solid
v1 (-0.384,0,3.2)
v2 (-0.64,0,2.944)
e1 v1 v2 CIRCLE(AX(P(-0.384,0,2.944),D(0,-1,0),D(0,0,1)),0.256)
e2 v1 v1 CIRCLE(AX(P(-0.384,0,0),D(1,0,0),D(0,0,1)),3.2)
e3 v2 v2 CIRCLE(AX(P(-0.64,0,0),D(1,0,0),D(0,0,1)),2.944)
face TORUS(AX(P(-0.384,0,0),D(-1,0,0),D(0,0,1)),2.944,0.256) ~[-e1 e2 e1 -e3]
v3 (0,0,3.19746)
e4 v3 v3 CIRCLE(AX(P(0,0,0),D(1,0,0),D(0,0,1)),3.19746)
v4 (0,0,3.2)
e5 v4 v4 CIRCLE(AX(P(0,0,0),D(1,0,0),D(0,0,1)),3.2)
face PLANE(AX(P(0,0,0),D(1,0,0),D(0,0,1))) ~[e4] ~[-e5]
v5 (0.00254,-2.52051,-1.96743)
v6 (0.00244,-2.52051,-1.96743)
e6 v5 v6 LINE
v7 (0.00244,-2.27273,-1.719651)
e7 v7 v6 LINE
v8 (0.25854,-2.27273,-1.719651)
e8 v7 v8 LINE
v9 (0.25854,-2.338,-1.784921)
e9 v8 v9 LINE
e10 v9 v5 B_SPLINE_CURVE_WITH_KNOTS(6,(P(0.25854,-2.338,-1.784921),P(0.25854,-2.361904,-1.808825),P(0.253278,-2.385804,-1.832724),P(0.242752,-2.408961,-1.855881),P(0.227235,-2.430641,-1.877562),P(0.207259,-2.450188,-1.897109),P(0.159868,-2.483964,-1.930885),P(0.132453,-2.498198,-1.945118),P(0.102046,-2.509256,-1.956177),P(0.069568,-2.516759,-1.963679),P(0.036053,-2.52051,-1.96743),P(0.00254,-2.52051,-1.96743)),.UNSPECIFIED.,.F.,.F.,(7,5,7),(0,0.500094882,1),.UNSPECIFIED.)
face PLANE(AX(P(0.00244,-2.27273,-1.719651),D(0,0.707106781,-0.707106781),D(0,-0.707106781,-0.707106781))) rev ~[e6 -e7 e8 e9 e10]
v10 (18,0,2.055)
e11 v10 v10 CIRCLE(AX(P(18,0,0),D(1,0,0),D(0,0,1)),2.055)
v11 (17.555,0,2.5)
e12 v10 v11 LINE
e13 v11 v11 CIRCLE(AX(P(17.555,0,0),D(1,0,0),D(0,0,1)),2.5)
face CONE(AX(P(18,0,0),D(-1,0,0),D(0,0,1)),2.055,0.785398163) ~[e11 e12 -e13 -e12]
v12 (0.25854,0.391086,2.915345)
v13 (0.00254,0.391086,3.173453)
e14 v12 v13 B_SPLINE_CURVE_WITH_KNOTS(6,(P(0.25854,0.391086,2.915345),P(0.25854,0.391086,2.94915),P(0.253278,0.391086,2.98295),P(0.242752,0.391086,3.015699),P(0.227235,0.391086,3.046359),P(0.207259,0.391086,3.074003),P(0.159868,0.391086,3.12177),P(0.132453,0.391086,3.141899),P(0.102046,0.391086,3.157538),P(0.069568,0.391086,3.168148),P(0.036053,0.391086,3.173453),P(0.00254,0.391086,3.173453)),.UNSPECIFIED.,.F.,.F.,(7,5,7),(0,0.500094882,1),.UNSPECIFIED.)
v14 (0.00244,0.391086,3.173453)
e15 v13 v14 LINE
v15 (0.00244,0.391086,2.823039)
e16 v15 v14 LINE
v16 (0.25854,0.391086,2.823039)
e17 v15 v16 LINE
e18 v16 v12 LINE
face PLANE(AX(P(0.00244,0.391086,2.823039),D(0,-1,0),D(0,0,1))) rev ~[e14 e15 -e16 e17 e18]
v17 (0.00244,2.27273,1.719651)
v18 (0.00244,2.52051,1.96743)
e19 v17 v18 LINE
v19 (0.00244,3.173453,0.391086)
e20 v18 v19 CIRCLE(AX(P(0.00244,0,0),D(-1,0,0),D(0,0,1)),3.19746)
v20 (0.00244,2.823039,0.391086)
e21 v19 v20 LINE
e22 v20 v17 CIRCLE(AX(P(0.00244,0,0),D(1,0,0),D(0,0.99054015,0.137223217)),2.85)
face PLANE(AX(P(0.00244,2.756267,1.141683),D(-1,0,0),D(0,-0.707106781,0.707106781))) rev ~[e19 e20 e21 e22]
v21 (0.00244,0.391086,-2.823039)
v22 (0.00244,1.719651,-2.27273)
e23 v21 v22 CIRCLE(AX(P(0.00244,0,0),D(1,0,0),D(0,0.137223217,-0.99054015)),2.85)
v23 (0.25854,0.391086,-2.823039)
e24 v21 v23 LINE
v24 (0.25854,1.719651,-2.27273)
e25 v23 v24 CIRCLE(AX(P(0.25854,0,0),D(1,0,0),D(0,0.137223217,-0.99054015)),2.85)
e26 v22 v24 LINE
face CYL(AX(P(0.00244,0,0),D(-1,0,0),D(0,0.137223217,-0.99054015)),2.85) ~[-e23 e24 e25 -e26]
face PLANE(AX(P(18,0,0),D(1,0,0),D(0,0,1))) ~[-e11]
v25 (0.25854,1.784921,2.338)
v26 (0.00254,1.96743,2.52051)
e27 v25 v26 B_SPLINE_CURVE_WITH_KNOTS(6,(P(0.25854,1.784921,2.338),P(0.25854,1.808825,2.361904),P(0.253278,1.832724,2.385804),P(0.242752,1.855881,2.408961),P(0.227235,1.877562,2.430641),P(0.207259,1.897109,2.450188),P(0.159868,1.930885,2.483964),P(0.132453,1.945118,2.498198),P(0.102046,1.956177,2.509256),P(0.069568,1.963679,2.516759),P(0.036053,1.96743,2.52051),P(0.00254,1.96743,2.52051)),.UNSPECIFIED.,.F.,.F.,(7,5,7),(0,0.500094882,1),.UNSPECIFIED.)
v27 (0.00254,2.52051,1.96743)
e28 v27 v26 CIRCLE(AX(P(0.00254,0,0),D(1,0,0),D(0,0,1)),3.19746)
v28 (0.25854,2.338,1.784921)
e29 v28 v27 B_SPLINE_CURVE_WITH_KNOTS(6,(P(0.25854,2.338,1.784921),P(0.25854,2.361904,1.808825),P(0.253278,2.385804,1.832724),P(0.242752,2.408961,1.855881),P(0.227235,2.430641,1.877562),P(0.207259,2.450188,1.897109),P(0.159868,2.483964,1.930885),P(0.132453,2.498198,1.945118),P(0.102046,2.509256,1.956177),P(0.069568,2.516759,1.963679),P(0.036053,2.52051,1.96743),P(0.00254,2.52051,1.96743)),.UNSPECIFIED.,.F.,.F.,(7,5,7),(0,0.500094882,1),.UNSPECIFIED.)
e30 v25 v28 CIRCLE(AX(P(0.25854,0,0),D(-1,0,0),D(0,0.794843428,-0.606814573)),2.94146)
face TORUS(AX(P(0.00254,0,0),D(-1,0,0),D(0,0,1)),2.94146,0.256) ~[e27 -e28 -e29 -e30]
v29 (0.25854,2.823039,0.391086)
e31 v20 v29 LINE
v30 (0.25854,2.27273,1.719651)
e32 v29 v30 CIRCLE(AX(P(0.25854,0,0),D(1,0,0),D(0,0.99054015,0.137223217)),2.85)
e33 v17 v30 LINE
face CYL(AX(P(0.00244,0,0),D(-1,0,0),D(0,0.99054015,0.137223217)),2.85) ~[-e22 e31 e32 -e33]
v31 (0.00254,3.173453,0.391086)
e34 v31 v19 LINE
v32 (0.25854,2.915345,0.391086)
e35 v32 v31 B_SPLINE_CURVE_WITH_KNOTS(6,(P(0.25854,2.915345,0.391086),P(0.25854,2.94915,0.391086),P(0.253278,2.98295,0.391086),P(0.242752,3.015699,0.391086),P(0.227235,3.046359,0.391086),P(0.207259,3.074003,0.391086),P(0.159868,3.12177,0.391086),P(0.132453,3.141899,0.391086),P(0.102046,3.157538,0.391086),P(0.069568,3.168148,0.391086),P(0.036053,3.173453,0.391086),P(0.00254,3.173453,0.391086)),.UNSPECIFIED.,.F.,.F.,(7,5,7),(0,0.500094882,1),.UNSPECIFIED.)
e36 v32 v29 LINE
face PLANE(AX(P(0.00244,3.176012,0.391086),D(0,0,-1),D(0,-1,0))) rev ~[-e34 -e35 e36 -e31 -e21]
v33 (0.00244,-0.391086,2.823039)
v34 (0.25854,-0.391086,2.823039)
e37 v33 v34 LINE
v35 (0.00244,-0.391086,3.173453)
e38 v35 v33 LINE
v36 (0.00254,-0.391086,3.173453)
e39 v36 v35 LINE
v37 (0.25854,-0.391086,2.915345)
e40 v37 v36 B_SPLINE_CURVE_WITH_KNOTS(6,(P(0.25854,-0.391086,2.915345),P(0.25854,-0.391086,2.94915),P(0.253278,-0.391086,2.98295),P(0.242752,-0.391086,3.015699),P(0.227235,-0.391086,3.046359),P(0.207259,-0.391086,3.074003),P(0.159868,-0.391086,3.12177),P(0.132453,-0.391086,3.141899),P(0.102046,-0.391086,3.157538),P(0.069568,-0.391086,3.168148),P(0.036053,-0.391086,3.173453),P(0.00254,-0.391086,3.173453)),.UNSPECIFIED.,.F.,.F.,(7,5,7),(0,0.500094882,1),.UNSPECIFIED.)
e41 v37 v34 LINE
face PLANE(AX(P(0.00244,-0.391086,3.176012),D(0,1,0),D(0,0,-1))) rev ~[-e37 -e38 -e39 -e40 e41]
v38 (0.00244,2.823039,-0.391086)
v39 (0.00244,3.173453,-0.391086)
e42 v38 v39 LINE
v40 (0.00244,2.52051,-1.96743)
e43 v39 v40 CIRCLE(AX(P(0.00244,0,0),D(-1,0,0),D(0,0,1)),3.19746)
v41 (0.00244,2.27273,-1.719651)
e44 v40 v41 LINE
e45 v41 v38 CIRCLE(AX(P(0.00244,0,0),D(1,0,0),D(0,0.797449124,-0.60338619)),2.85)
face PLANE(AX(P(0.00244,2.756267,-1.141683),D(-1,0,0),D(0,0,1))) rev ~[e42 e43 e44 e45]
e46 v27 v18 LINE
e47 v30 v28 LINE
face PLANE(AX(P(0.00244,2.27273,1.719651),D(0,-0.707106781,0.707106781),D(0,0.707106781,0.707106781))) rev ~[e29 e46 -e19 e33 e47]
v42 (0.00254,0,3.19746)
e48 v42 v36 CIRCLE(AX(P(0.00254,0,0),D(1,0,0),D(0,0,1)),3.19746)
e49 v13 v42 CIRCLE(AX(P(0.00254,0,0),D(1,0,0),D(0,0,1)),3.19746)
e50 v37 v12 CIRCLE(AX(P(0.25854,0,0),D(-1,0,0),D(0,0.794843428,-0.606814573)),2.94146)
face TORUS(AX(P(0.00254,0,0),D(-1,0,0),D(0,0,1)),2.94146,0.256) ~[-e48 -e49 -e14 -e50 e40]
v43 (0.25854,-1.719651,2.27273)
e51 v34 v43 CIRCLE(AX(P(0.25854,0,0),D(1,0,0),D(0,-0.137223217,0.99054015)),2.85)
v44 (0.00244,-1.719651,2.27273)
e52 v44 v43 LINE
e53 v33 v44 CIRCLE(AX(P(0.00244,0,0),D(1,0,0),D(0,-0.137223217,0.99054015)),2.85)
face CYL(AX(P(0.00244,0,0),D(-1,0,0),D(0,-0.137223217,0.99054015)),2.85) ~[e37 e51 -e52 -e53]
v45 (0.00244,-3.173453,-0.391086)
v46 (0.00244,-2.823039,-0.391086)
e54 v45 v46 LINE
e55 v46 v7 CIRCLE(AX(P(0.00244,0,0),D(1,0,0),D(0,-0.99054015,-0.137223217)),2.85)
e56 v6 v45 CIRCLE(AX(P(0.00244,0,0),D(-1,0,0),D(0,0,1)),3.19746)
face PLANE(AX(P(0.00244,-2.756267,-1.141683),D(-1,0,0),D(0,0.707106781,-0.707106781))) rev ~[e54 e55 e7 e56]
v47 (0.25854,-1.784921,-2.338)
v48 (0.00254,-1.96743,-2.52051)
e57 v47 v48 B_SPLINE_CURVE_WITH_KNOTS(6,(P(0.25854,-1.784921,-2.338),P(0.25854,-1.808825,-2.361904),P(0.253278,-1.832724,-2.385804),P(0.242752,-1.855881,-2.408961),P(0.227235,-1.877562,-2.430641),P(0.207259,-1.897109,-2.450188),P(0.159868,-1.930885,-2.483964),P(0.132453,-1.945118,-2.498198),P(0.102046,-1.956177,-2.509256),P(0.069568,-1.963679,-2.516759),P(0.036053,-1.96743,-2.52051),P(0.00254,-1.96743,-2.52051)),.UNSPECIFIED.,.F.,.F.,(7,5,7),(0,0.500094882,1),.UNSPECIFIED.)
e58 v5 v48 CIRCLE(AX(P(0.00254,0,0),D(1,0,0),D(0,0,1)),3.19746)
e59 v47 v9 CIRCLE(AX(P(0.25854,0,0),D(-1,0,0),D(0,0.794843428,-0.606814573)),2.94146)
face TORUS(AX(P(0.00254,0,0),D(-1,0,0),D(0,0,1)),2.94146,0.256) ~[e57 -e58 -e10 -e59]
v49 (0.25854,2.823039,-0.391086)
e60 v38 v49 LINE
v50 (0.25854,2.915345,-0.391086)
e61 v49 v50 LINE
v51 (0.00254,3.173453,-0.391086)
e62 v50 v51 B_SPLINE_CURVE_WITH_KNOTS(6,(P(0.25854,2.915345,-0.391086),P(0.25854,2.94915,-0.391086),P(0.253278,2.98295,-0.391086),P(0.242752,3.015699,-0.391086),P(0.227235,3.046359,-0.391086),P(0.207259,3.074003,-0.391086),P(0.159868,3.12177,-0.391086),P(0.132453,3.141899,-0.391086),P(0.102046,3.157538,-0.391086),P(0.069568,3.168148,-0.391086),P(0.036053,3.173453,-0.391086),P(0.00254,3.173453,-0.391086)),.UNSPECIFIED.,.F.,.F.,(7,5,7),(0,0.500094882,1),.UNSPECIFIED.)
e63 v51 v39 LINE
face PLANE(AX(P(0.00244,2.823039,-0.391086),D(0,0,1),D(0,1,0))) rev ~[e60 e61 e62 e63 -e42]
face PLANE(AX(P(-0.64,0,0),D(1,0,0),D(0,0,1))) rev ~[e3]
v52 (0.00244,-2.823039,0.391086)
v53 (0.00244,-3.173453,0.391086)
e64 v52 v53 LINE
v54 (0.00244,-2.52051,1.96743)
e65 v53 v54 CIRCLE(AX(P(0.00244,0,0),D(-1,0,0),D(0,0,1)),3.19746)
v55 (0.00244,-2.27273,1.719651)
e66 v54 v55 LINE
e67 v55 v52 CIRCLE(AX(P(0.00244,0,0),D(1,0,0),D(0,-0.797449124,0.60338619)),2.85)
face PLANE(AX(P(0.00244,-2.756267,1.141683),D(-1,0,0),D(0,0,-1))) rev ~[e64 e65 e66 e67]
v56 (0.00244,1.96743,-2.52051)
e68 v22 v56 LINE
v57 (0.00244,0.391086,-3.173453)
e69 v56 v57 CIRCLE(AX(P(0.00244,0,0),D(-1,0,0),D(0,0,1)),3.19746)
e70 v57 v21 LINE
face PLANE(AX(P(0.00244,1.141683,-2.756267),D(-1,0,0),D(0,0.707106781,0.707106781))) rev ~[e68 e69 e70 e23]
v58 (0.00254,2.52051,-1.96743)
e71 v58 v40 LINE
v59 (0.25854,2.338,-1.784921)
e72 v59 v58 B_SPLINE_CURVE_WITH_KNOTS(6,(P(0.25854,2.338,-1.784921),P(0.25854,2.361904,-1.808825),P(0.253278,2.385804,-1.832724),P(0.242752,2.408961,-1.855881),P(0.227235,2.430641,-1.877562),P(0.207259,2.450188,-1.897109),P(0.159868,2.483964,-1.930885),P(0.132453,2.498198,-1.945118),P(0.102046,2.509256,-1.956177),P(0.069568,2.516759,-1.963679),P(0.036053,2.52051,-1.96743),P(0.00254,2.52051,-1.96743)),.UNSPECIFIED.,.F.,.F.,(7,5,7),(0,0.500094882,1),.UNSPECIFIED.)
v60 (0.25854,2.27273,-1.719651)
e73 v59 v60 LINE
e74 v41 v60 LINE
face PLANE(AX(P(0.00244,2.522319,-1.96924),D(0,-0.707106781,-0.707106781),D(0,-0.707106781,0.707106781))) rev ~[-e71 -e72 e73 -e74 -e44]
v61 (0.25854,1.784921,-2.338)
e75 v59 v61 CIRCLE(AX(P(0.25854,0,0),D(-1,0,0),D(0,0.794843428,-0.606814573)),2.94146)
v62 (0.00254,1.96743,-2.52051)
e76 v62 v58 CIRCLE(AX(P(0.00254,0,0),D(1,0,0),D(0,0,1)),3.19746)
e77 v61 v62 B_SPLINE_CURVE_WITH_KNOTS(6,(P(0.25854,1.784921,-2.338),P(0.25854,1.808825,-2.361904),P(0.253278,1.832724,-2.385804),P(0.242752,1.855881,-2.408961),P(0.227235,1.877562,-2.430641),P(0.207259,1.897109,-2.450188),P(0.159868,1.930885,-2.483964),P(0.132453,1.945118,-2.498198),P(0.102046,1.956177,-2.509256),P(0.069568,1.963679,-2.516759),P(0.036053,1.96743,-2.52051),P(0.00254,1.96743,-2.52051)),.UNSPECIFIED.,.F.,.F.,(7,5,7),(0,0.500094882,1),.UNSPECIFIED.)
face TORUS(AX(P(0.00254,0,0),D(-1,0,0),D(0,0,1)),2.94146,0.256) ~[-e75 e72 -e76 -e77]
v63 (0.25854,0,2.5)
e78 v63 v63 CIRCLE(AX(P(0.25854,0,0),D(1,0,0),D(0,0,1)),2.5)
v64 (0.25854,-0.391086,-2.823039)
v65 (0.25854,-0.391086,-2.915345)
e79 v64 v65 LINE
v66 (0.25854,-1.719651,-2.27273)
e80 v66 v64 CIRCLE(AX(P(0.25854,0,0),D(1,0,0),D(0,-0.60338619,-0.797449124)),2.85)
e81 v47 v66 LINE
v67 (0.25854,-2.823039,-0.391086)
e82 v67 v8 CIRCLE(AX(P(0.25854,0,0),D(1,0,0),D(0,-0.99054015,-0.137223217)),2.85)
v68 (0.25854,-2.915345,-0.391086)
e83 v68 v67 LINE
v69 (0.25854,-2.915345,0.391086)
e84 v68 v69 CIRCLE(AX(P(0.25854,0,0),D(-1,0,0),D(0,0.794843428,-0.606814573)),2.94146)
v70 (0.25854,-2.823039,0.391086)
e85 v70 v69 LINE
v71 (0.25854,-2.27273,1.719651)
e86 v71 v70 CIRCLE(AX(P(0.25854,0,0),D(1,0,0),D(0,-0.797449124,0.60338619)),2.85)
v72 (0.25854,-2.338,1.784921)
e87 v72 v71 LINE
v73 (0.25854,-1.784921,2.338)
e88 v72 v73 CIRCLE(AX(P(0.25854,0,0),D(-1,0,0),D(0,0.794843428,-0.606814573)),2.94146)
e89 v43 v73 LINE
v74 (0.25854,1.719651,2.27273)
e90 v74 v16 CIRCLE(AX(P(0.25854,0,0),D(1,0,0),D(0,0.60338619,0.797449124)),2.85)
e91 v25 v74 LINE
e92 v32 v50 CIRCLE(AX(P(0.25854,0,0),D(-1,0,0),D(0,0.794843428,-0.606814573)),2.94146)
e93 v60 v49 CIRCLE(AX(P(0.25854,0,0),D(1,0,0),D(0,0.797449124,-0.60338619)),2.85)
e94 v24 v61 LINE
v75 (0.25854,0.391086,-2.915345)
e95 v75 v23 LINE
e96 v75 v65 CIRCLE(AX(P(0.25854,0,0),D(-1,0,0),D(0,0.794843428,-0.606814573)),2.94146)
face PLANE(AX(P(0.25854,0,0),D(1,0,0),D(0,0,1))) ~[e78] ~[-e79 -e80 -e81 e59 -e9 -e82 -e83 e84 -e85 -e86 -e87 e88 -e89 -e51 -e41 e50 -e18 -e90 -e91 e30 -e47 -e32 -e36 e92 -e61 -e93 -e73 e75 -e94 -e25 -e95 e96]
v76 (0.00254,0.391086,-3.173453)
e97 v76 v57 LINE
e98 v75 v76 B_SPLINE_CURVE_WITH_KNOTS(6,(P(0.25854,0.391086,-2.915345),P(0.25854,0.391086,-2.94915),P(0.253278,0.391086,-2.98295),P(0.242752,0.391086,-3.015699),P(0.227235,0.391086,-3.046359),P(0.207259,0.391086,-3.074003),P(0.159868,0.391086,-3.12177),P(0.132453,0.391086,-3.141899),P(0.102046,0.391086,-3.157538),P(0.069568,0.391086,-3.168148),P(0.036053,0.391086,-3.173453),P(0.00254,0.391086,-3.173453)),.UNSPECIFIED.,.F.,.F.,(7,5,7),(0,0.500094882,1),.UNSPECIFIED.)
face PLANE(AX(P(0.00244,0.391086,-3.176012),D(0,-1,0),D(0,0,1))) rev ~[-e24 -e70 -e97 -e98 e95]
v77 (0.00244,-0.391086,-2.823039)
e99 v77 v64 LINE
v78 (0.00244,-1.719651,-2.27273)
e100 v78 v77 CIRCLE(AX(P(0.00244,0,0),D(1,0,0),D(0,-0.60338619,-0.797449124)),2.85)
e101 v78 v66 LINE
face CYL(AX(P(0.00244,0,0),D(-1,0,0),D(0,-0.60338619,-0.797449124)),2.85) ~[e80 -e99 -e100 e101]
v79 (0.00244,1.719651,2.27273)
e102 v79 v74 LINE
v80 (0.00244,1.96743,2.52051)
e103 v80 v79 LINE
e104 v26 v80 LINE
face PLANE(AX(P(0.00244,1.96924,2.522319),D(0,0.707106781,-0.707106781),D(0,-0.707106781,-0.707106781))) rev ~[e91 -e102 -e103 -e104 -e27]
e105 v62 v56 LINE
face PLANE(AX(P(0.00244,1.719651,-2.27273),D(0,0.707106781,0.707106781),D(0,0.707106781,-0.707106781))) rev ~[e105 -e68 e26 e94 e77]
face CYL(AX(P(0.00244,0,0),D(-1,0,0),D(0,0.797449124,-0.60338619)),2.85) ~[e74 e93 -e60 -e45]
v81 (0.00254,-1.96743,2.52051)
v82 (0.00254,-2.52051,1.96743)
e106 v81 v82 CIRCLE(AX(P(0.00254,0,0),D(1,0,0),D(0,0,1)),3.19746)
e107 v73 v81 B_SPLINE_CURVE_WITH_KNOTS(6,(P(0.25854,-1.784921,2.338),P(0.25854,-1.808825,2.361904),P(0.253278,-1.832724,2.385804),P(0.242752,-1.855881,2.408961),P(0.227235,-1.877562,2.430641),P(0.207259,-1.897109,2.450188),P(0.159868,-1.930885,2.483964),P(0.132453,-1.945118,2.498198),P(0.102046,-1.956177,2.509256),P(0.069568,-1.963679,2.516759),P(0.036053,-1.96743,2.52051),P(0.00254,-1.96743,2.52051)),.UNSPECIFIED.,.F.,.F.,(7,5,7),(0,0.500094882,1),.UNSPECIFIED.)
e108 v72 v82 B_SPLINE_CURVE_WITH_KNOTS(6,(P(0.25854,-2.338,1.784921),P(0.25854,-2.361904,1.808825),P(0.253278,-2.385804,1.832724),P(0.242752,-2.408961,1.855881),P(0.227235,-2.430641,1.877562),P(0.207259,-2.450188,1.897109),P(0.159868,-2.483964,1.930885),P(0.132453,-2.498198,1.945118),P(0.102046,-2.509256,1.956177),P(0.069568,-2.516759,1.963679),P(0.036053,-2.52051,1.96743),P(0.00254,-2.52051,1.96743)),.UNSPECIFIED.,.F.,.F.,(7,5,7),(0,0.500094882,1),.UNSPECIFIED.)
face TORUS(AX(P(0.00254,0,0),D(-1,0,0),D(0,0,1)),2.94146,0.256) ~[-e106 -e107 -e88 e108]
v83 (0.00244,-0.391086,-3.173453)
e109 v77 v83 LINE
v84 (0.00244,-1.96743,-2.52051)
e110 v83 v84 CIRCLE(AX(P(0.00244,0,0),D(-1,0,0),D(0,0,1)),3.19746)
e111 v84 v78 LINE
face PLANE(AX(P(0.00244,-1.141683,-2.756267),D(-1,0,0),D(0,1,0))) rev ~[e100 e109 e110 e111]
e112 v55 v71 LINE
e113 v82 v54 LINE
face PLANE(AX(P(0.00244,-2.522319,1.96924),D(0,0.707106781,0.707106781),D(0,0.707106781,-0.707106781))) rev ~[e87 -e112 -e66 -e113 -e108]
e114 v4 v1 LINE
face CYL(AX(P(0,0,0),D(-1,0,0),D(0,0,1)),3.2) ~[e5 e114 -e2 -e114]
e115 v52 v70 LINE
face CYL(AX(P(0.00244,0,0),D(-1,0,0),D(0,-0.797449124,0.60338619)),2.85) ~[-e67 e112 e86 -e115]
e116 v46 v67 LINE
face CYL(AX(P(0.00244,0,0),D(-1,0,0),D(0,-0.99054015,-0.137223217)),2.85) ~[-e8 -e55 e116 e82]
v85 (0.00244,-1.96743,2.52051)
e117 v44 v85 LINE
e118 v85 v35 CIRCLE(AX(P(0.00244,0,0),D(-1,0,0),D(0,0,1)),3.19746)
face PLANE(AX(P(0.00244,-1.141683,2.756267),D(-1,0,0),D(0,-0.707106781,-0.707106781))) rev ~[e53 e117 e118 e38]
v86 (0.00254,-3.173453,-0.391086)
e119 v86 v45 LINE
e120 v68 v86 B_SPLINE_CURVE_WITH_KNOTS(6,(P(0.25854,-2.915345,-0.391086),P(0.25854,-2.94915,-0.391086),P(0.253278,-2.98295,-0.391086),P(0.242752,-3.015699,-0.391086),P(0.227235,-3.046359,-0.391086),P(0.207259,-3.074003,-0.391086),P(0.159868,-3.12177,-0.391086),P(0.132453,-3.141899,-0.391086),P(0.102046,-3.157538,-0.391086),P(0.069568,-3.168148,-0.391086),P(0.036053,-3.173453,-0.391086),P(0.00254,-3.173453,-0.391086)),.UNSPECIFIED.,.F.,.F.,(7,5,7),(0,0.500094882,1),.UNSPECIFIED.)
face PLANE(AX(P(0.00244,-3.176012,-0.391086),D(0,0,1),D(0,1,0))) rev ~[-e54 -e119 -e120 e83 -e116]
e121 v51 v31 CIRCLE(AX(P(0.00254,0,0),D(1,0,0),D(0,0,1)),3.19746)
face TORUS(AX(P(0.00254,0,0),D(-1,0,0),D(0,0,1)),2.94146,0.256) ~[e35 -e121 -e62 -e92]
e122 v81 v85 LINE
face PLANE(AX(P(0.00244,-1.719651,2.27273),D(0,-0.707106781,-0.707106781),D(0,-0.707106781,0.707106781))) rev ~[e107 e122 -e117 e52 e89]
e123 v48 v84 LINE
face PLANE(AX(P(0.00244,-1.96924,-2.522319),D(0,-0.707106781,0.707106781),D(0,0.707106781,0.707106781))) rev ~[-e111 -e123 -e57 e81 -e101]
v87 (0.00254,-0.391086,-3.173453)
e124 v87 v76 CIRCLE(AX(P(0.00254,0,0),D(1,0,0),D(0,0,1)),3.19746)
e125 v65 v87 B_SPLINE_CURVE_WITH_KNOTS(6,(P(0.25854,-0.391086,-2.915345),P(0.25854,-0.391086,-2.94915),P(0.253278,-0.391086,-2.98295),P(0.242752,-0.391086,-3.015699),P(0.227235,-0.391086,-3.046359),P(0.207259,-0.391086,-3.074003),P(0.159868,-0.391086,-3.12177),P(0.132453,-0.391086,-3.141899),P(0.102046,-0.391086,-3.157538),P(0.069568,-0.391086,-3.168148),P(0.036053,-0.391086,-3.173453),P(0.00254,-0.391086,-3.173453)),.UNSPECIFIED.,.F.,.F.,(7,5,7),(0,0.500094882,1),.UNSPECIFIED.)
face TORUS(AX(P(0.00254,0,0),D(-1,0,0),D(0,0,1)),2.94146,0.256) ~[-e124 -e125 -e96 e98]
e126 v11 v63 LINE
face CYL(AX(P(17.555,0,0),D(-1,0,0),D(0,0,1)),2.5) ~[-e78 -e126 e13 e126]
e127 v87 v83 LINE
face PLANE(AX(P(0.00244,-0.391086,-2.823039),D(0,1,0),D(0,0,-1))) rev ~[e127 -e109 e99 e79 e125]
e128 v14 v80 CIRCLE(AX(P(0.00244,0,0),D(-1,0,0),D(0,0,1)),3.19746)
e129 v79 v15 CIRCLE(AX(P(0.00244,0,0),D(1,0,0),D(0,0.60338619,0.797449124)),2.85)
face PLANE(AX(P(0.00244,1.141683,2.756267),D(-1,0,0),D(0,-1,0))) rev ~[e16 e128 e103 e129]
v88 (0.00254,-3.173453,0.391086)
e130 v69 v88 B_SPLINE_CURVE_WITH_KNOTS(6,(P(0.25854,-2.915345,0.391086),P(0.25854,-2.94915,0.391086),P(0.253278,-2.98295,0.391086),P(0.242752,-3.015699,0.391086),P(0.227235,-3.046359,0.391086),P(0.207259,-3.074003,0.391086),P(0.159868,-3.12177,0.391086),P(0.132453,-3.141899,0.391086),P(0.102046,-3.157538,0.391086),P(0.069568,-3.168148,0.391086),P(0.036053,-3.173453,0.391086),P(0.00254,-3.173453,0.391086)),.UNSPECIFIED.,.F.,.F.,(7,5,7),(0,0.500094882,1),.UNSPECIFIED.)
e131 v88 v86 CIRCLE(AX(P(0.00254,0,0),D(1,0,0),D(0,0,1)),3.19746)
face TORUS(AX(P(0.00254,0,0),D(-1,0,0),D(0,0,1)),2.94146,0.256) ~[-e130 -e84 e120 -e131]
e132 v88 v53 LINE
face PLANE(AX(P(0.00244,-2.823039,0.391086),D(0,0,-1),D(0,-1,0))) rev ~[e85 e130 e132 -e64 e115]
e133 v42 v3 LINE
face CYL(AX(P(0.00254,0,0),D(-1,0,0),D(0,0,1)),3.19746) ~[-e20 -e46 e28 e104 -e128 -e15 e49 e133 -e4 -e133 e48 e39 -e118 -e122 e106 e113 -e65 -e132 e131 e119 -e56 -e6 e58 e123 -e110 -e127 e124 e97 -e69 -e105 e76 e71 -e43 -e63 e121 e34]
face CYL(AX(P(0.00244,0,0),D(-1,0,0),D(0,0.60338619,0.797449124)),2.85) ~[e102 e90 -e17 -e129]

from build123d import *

# Parameters (mm, degrees)
RIBCUT_START     = -0.2561
RIBCUT_DEPTH     = 0.2561
RIBCUTSPAT_COUNT = 8
RIBCUTSPAT_ANGLE = 315


with BuildPart() as part:
    # BodySke → BaseBody (revolve)
    with BuildSketch(Plane.XY, mode=Mode.PRIVATE) as basebody_sk:
        with BuildLine():
            Line((-0.64, 2.944), (-0.64, 0))
            Line((-0.64, 0), (18, 0))
            Line((18, 0), (18, 2.055))
            Line((18, 2.055), (17.555, 2.5))
            Line((17.555, 2.5), (0.25854, 2.5))
            Line((0.25854, 2.5), (0.25854, 2.94146))
            ThreePointArc((0.25854, 2.94146), (0.183559336, 3.122479336), (0.00254, 3.19746))
            Line((0.00254, 3.19746), (0, 3.19746))
            Line((0, 3.19746), (0, 3.2))
            Line((0, 3.2), (-0.384, 3.2))
            ThreePointArc((-0.384, 3.2), (-0.565019336, 3.125019336), (-0.64, 2.944))
        make_face()
    revolve(basebody_sk.sketch.rotate(Axis((0, 0, 0), (1, 0, 0)), 90), axis=Axis((0, 0, 0), (1, 0, 0)))

    # RibCutSke → RibCut (cut)
    with BuildSketch(Plane(origin=(0.25854, 1.794401132, -0.090952894), x_dir=(0, 0, -1), z_dir=(1, 0, 0)).offset(RIBCUT_START)):
        with BuildLine():
            Line((0.300133268, 1.028638296), (0.300133268, 1.381610771))
            ThreePointArc((0.300133268, 1.381610771), (1.133634089, 1.162013372), (1.878286983, 0.7279181))
            Line((1.878286983, 0.7279181), (1.628697752, 0.478328869))
            ThreePointArc((1.628697752, 0.478328869), (0.999694888, 0.838655535), (0.300133268, 1.028638296))
        make_face()
    ribcut = extrude(amount=RIBCUT_DEPTH, mode=Mode.SUBTRACT)

    # RibCutsPat: RibCut ×8 about axis
    ribcutspat_axis = Axis((0, 0, 0), (1, 0, 0))
    for i in range(1, RIBCUTSPAT_COUNT):
        add(ribcut.rotate(ribcutspat_axis, i * RIBCUTSPAT_ANGLE / (RIBCUTSPAT_COUNT - 1)), mode=Mode.SUBTRACT)


solid = part.part
